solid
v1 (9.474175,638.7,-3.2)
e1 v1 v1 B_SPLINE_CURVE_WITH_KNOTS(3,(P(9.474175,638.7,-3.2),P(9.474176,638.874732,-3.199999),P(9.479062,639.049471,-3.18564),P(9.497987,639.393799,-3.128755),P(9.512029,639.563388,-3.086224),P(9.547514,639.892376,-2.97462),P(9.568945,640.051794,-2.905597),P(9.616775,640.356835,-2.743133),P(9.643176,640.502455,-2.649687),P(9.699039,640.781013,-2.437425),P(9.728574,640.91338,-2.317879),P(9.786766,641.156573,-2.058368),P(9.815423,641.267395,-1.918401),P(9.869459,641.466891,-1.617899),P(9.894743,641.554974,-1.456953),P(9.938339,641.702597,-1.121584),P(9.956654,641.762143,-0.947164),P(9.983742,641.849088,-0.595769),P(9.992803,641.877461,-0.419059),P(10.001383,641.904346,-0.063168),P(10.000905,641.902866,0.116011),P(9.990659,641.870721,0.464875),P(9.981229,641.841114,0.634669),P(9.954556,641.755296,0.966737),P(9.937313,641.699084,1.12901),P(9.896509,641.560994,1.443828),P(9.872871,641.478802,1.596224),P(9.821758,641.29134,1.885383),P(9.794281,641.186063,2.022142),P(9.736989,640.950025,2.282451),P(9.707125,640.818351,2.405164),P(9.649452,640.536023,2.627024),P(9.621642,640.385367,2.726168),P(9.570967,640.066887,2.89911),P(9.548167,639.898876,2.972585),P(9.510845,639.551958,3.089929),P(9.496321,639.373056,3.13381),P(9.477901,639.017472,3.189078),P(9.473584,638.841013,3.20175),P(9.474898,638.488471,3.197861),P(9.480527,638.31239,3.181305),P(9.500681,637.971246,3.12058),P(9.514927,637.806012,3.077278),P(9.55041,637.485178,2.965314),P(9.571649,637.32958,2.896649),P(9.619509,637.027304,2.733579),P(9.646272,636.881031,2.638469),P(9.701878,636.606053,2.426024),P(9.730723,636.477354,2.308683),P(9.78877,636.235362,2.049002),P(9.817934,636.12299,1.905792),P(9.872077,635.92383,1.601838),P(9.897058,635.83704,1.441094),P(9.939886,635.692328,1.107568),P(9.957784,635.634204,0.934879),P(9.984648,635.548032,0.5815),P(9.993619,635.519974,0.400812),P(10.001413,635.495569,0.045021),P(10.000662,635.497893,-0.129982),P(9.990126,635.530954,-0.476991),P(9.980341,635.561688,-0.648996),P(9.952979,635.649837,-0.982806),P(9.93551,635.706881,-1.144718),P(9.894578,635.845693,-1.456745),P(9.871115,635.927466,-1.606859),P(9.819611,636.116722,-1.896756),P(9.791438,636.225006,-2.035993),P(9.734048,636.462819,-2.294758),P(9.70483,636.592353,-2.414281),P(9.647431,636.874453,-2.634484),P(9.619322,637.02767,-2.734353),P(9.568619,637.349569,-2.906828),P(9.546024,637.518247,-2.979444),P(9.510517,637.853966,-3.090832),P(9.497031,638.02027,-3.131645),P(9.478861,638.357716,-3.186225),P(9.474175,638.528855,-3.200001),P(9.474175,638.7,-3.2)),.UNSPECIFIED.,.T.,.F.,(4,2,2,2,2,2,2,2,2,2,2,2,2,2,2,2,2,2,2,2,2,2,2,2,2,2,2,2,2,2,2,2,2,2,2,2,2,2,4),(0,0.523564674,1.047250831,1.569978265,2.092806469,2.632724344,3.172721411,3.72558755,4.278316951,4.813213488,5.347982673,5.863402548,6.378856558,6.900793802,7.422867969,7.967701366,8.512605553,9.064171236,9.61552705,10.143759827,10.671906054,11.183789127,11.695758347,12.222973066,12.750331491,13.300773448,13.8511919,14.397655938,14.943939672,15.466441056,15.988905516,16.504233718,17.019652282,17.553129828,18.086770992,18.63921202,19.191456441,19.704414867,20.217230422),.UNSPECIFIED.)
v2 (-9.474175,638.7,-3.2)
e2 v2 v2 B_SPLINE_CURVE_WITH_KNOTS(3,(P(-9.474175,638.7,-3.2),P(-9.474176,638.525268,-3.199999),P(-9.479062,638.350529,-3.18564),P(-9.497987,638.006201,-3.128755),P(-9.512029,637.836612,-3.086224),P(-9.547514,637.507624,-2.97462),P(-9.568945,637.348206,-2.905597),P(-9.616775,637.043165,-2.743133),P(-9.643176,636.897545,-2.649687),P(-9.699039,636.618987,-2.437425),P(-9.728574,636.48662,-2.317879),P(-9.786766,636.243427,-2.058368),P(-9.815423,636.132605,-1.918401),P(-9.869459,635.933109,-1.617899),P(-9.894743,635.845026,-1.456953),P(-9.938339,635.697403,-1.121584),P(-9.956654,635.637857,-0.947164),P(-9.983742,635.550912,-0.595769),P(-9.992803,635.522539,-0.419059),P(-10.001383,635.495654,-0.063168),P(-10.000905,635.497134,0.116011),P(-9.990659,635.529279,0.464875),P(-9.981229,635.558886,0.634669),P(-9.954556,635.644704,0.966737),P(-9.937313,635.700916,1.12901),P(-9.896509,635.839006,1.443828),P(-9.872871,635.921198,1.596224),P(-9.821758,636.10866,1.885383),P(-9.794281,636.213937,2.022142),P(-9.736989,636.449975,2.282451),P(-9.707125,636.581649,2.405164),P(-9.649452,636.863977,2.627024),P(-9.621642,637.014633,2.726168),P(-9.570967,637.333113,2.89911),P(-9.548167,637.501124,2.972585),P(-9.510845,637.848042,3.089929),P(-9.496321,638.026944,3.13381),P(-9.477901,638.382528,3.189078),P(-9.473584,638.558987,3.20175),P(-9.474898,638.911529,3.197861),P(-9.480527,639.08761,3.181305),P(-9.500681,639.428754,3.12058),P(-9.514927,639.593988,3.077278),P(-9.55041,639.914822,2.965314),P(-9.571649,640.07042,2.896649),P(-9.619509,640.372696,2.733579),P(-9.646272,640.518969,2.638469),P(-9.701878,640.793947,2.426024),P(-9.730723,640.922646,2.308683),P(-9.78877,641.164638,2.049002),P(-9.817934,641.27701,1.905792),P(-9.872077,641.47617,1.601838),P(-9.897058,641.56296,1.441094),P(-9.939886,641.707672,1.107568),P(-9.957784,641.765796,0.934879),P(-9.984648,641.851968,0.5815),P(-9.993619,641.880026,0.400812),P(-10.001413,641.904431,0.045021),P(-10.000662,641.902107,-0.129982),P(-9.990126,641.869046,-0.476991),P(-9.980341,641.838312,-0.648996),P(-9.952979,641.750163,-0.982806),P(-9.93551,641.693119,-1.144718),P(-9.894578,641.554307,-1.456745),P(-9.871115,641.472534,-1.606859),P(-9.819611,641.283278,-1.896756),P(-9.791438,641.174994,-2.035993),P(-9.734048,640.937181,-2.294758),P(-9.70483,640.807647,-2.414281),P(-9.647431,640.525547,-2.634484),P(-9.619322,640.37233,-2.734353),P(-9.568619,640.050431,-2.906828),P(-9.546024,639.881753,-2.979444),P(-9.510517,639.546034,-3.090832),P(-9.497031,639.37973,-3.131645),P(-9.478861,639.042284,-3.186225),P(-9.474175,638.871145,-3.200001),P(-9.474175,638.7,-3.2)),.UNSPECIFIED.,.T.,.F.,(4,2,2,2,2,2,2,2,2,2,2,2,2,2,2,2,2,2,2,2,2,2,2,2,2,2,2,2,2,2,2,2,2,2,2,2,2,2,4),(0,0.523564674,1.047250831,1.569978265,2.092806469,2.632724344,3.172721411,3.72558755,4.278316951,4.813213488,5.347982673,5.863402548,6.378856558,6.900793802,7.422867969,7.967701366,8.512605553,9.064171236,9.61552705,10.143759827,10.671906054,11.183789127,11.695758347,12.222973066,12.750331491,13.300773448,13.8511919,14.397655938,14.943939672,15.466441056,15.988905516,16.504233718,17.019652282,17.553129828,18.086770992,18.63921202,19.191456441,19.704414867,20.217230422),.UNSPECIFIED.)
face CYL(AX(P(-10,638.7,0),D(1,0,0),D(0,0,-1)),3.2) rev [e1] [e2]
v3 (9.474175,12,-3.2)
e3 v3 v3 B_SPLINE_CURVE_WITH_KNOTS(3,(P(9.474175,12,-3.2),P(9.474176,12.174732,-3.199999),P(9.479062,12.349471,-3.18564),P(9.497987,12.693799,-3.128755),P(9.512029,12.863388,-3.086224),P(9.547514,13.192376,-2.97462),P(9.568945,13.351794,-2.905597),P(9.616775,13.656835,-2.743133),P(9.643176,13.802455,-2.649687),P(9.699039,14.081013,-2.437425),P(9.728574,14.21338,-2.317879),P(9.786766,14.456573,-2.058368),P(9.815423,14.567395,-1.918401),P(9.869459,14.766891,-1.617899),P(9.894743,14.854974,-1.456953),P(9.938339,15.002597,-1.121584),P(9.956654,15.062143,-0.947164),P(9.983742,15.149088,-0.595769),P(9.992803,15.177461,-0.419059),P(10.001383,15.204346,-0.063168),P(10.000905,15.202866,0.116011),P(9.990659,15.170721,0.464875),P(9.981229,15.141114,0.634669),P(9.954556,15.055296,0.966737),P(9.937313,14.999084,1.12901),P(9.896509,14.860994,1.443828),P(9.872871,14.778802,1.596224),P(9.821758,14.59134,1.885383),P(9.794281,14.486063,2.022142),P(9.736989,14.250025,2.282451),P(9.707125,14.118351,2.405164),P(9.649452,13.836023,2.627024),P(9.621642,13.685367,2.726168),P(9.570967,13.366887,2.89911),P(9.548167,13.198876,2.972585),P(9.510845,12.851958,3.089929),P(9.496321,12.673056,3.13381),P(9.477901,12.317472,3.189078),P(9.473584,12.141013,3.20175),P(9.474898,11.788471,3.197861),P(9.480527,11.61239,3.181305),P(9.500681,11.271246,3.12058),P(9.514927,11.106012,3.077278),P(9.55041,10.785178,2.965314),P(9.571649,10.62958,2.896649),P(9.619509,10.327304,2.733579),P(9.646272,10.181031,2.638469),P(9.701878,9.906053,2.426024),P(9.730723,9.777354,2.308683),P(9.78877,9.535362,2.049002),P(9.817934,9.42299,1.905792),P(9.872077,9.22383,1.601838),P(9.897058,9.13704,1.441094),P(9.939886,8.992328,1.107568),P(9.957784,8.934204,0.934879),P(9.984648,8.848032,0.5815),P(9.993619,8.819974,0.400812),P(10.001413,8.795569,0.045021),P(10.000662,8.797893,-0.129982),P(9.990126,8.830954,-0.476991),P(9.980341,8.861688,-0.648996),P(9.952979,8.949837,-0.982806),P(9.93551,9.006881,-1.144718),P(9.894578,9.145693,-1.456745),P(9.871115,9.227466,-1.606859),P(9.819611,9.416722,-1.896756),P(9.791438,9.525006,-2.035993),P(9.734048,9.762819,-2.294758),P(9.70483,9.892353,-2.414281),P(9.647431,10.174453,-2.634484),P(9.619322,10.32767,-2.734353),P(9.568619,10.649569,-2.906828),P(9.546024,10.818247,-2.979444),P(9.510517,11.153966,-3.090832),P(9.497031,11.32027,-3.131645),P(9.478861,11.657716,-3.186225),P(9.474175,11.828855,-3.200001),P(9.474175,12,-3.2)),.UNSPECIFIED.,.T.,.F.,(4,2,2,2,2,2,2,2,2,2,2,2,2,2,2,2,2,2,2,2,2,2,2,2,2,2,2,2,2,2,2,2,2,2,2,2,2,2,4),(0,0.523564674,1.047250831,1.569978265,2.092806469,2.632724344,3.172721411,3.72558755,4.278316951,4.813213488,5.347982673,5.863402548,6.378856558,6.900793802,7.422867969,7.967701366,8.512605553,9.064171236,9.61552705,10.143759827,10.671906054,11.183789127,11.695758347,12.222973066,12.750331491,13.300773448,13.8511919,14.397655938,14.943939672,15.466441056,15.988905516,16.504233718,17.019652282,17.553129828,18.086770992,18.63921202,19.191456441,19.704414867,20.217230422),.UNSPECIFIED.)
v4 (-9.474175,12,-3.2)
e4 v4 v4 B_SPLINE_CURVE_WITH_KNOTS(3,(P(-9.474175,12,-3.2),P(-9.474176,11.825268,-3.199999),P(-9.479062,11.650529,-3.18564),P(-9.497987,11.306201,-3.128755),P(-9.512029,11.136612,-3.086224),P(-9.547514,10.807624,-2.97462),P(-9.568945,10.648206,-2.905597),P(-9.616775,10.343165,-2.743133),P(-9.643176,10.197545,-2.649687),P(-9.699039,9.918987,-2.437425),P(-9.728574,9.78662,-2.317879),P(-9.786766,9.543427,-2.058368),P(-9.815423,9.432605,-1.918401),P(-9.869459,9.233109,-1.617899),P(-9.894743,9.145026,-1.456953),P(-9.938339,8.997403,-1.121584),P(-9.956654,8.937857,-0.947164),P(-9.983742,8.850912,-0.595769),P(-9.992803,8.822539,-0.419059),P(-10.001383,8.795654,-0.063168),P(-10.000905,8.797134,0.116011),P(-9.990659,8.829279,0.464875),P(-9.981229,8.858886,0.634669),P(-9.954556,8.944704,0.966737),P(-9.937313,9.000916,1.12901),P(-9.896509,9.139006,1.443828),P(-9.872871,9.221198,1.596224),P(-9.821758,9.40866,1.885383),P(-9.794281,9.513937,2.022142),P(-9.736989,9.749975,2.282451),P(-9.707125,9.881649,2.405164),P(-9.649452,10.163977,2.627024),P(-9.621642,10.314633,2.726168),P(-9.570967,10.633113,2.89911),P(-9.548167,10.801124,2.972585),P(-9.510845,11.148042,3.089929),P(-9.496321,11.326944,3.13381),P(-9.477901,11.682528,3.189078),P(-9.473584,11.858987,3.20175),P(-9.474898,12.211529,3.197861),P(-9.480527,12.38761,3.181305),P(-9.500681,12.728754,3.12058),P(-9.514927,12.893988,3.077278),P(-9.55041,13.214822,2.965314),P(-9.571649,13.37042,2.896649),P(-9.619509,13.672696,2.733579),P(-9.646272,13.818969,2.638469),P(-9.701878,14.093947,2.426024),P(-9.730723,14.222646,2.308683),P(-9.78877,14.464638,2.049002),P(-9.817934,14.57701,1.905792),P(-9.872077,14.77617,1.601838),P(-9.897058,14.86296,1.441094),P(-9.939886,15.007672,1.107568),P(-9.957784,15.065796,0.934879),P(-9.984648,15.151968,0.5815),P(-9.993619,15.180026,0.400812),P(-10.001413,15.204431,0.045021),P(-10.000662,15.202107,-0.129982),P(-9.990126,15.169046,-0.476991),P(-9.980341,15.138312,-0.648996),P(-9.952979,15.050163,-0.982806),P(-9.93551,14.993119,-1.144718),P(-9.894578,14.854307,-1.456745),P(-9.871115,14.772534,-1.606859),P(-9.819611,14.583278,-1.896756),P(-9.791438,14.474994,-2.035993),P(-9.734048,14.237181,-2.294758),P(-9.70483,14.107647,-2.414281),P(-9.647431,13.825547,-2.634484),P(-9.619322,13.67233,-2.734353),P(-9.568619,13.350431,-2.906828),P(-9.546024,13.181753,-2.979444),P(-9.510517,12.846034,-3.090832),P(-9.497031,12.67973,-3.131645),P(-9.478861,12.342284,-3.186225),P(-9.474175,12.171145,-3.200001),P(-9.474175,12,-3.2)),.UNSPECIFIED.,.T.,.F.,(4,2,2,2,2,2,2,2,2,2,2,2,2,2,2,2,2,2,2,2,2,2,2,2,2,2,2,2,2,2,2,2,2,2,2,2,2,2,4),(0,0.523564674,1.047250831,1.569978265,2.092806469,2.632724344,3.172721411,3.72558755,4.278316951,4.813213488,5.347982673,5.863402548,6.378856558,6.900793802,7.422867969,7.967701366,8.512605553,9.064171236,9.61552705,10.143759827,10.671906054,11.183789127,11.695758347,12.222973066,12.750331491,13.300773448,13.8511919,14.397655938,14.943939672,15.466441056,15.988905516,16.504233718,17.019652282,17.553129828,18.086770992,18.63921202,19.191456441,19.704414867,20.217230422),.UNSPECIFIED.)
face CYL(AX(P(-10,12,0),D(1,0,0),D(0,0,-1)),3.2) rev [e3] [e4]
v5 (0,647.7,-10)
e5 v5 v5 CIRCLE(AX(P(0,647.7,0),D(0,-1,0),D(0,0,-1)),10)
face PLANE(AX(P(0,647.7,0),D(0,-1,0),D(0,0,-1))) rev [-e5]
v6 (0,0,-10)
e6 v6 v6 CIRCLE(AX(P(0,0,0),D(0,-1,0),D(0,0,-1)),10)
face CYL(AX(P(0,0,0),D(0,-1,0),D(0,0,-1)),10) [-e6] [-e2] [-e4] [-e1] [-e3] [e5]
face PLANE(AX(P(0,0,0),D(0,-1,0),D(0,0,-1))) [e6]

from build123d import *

# Parameters (mm, degrees)
SKETCH1_W               = 10
SKETCH1_H               = 647.7
SKETCH2_R               = 3.2
CUT_EXTRUDE1_DEPTH      = 11
CUT_EXTRUDE1_DEPTH_BACK = 11


with BuildPart() as part:
    # Sketch1 → Revolve2 (revolve)
    with BuildSketch(Plane(origin=(0, 0, 0), x_dir=(0, 0, -1), z_dir=(1, 0, 0))):
        with Locations((-5, 323.85)):
            Rectangle(SKETCH1_W, SKETCH1_H)
    revolve(axis=Axis((0, 0, 0), (0, 1, 0)))

    # Sketch2 → Cut-Extrude1 (cut, two sides)
    with BuildSketch(Plane(origin=(0, 0, 0), x_dir=(0, 0, -1), z_dir=(1, 0, 0))) as cut_extrude1_sk:
        with Locations((0, 638.7)):
            Circle(SKETCH2_R)
        with Locations((0, 12)):
            Circle(SKETCH2_R)
    extrude(amount=CUT_EXTRUDE1_DEPTH, mode=Mode.SUBTRACT)
    extrude(cut_extrude1_sk.sketch, amount=-CUT_EXTRUDE1_DEPTH_BACK, mode=Mode.SUBTRACT)


solid = part.part
